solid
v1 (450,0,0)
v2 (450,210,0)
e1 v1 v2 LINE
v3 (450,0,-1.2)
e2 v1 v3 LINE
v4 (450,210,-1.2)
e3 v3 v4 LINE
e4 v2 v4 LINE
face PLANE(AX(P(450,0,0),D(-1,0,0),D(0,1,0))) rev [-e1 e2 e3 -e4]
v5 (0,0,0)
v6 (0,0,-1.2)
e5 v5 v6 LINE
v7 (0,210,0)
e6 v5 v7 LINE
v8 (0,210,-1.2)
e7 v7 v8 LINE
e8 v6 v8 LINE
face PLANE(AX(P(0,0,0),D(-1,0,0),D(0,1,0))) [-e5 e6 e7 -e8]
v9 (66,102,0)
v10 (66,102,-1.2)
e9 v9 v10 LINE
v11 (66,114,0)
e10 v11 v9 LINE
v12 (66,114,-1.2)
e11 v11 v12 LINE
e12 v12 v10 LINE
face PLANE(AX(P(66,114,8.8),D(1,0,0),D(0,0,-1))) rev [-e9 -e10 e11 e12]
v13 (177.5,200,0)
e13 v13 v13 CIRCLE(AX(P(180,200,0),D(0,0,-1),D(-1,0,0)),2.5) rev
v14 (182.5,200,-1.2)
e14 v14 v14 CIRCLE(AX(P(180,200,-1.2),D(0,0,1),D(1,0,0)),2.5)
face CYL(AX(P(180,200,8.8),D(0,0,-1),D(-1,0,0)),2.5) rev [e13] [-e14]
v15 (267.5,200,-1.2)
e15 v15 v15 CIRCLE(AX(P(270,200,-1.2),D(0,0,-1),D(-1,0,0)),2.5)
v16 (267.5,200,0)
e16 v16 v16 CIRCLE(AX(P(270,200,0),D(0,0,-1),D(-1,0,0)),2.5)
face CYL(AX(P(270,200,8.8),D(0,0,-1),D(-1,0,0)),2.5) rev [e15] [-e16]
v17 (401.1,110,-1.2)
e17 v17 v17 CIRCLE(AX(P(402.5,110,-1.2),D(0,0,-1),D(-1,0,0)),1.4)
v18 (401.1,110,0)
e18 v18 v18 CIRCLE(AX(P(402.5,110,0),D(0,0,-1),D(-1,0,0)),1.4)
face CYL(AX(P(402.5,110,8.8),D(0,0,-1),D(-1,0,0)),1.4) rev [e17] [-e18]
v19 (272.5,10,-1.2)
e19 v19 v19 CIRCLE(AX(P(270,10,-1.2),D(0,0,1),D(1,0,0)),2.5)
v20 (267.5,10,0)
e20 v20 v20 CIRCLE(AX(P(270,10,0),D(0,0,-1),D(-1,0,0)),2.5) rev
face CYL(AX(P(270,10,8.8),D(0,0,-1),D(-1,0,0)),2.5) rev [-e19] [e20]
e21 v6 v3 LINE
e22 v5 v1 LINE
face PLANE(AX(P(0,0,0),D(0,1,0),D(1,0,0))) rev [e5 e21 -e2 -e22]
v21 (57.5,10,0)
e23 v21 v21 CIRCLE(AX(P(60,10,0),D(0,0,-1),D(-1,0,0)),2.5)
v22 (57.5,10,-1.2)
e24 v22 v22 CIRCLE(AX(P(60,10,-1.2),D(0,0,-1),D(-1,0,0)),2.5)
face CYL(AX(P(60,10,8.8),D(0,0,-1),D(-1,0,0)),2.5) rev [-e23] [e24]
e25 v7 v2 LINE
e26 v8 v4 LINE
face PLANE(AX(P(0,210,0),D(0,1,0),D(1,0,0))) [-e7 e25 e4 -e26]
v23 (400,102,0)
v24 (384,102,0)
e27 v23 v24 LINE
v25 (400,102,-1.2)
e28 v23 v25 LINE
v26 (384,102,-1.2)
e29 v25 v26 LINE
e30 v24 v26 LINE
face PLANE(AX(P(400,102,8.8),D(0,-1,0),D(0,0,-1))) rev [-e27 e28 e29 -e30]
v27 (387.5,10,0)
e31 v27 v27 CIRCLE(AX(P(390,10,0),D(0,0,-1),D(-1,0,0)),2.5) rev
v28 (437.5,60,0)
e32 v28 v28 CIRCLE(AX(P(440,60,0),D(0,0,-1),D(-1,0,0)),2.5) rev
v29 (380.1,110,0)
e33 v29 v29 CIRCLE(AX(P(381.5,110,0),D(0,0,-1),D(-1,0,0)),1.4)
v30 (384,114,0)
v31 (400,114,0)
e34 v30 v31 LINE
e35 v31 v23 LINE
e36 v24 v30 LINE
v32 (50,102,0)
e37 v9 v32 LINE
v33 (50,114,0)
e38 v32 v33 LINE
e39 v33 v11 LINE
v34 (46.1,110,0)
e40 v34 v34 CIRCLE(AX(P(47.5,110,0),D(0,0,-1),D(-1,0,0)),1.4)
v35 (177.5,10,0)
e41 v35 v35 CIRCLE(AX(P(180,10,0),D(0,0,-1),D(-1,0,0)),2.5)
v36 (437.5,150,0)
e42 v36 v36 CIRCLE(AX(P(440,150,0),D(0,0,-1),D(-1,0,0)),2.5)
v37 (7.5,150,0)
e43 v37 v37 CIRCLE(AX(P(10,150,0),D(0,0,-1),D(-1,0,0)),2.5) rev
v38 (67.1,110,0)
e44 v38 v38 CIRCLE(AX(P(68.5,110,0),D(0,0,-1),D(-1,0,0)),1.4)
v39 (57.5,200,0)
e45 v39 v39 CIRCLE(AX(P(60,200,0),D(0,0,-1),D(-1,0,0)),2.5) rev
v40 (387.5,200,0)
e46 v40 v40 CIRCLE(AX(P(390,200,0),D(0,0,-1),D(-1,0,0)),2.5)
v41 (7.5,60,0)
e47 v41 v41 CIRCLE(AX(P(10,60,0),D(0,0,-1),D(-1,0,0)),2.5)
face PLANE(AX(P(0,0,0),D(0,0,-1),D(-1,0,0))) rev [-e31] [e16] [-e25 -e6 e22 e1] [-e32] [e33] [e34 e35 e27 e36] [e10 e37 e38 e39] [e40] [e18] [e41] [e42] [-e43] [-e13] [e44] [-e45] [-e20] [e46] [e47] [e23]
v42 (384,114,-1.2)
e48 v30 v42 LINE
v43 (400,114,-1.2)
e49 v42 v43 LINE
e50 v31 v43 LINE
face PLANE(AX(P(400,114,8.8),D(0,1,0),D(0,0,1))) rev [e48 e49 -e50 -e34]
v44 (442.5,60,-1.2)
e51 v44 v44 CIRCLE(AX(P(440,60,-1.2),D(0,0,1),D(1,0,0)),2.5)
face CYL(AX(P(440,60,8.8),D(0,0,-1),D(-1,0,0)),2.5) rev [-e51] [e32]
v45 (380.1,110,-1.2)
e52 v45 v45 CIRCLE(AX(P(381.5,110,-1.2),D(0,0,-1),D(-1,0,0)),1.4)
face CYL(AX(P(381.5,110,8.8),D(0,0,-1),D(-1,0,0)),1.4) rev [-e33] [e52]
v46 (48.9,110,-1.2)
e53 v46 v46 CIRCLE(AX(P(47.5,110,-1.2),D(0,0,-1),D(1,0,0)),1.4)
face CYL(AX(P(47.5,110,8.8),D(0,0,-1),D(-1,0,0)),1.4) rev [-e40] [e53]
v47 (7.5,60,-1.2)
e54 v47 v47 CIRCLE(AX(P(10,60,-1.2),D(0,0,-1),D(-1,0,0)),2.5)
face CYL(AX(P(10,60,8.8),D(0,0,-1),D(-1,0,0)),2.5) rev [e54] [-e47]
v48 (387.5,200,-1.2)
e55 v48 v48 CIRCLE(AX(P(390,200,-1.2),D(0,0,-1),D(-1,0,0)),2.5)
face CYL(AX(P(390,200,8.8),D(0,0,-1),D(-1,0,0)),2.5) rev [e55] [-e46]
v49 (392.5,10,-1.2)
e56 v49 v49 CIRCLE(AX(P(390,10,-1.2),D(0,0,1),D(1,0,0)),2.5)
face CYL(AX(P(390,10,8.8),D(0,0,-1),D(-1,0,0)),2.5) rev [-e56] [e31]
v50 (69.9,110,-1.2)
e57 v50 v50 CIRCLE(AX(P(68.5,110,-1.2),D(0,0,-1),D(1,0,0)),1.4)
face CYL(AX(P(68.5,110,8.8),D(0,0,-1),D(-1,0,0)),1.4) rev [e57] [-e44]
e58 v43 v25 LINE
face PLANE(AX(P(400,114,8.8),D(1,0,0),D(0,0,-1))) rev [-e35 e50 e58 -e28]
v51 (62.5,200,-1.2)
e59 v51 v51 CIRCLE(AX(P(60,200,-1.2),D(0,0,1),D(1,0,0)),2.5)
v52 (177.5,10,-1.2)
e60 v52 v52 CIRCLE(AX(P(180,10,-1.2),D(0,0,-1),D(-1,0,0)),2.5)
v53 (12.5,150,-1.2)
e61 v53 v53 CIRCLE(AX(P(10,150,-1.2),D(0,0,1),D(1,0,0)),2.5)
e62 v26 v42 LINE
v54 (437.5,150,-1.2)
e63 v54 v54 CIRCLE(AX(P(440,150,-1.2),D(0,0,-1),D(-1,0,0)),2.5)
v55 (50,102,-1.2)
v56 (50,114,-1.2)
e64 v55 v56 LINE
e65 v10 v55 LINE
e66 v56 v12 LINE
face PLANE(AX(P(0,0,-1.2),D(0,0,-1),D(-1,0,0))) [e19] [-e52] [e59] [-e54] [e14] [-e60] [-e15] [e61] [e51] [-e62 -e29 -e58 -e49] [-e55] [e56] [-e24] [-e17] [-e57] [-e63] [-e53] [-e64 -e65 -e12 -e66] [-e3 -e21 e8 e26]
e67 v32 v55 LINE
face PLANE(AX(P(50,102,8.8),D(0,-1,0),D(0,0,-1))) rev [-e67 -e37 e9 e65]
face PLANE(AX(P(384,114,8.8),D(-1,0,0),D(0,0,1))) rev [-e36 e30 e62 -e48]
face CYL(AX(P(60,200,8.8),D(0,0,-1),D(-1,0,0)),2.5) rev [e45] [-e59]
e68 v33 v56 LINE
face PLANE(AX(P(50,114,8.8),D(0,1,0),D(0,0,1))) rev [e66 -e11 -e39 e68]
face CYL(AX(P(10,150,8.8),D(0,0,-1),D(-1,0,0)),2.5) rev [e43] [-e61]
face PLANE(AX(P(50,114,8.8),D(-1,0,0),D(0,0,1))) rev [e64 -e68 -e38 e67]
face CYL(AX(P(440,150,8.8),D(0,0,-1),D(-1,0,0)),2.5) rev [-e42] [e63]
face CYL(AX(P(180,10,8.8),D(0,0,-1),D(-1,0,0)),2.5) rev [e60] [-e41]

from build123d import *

# Parameters (mm, degrees)
SURFACE_EXTRUDE1_1_DEPTH = 450
THICKEN15_T2             = 1.2
SKETCH2_W                = 16
SKETCH2_H                = 12
CUT_EXTRUDE1_DEPTH       = 10
SKETCH3_R                = 1.4
CUT_EXTRUDE2_DEPTH       = 10
SKETCH4_R                = 2.5
CUT_EXTRUDE5_DEPTH       = 10


with BuildPart() as body_1:
    # Surface-Extrude1: a surface, the sketch's curves swept straight by 450 mm
    with BuildLine(Plane(origin=(0, 0, 0), x_dir=(0, 0, -1), z_dir=(1, 0, 0)), mode=Mode.PRIVATE) as surface_extrude1_1_path:
        Line((0, 0), (0, 210))
    surface_extrude1_1 = Shell.extrude(surface_extrude1_1_path.wire(), (1 * SURFACE_EXTRUDE1_1_DEPTH, 0 * SURFACE_EXTRUDE1_1_DEPTH, 0 * SURFACE_EXTRUDE1_1_DEPTH))
    add(Solid.thicken(surface_extrude1_1, -THICKEN15_T2))

    # Sketch2 → Cut-Extrude1 (cut)
    with BuildSketch(Plane(origin=(0, 0, -1.2), x_dir=(-1, 0, 0), z_dir=(0, 0, -1))):
        with Locations((-392, 108)):
            Rectangle(SKETCH2_W, SKETCH2_H)
        with Locations((-58, 108)):
            Rectangle(SKETCH2_W, SKETCH2_H)
    extrude(amount=-CUT_EXTRUDE1_DEPTH, mode=Mode.SUBTRACT)

    # Sketch3 → Cut-Extrude2 (cut)
    with BuildSketch(Plane(origin=(0, 0, -1.2), x_dir=(-1, 0, 0), z_dir=(0, 0, -1))):
        with Locations((-402.5, 110)):
            Circle(SKETCH3_R)
        with Locations((-381.5, 110)):
            Circle(SKETCH3_R)
        with Locations((-68.5, 110)):
            Circle(SKETCH3_R)
        with Locations((-47.5, 110)):
            Circle(SKETCH3_R)
    extrude(amount=-CUT_EXTRUDE2_DEPTH, mode=Mode.SUBTRACT)

    # Sketch4 → Cut-Extrude5 (cut)
    with BuildSketch(Plane(origin=(0, 0, -1.2), x_dir=(-1, 0, 0), z_dir=(0, 0, -1))):
        with Locations((-390, 200)):
            Circle(SKETCH4_R)
        with Locations((-270, 200)):
            Circle(SKETCH4_R)
        with Locations((-440, 150)):
            Circle(SKETCH4_R)
        with Locations((-180, 200)):
            Circle(SKETCH4_R)
        with Locations((-60, 200)):
            Circle(SKETCH4_R)
        with Locations((-10, 150)):
            Circle(SKETCH4_R)
        with Locations((-10, 60)):
            Circle(SKETCH4_R)
        with Locations((-60, 10)):
            Circle(SKETCH4_R)
        with Locations((-180, 10)):
            Circle(SKETCH4_R)
        with Locations((-270, 10)):
            Circle(SKETCH4_R)
        with Locations((-390, 10)):
            Circle(SKETCH4_R)
        with Locations((-440, 60)):
            Circle(SKETCH4_R)
    extrude(amount=-CUT_EXTRUDE5_DEPTH, mode=Mode.SUBTRACT)


solid = body_1.part
